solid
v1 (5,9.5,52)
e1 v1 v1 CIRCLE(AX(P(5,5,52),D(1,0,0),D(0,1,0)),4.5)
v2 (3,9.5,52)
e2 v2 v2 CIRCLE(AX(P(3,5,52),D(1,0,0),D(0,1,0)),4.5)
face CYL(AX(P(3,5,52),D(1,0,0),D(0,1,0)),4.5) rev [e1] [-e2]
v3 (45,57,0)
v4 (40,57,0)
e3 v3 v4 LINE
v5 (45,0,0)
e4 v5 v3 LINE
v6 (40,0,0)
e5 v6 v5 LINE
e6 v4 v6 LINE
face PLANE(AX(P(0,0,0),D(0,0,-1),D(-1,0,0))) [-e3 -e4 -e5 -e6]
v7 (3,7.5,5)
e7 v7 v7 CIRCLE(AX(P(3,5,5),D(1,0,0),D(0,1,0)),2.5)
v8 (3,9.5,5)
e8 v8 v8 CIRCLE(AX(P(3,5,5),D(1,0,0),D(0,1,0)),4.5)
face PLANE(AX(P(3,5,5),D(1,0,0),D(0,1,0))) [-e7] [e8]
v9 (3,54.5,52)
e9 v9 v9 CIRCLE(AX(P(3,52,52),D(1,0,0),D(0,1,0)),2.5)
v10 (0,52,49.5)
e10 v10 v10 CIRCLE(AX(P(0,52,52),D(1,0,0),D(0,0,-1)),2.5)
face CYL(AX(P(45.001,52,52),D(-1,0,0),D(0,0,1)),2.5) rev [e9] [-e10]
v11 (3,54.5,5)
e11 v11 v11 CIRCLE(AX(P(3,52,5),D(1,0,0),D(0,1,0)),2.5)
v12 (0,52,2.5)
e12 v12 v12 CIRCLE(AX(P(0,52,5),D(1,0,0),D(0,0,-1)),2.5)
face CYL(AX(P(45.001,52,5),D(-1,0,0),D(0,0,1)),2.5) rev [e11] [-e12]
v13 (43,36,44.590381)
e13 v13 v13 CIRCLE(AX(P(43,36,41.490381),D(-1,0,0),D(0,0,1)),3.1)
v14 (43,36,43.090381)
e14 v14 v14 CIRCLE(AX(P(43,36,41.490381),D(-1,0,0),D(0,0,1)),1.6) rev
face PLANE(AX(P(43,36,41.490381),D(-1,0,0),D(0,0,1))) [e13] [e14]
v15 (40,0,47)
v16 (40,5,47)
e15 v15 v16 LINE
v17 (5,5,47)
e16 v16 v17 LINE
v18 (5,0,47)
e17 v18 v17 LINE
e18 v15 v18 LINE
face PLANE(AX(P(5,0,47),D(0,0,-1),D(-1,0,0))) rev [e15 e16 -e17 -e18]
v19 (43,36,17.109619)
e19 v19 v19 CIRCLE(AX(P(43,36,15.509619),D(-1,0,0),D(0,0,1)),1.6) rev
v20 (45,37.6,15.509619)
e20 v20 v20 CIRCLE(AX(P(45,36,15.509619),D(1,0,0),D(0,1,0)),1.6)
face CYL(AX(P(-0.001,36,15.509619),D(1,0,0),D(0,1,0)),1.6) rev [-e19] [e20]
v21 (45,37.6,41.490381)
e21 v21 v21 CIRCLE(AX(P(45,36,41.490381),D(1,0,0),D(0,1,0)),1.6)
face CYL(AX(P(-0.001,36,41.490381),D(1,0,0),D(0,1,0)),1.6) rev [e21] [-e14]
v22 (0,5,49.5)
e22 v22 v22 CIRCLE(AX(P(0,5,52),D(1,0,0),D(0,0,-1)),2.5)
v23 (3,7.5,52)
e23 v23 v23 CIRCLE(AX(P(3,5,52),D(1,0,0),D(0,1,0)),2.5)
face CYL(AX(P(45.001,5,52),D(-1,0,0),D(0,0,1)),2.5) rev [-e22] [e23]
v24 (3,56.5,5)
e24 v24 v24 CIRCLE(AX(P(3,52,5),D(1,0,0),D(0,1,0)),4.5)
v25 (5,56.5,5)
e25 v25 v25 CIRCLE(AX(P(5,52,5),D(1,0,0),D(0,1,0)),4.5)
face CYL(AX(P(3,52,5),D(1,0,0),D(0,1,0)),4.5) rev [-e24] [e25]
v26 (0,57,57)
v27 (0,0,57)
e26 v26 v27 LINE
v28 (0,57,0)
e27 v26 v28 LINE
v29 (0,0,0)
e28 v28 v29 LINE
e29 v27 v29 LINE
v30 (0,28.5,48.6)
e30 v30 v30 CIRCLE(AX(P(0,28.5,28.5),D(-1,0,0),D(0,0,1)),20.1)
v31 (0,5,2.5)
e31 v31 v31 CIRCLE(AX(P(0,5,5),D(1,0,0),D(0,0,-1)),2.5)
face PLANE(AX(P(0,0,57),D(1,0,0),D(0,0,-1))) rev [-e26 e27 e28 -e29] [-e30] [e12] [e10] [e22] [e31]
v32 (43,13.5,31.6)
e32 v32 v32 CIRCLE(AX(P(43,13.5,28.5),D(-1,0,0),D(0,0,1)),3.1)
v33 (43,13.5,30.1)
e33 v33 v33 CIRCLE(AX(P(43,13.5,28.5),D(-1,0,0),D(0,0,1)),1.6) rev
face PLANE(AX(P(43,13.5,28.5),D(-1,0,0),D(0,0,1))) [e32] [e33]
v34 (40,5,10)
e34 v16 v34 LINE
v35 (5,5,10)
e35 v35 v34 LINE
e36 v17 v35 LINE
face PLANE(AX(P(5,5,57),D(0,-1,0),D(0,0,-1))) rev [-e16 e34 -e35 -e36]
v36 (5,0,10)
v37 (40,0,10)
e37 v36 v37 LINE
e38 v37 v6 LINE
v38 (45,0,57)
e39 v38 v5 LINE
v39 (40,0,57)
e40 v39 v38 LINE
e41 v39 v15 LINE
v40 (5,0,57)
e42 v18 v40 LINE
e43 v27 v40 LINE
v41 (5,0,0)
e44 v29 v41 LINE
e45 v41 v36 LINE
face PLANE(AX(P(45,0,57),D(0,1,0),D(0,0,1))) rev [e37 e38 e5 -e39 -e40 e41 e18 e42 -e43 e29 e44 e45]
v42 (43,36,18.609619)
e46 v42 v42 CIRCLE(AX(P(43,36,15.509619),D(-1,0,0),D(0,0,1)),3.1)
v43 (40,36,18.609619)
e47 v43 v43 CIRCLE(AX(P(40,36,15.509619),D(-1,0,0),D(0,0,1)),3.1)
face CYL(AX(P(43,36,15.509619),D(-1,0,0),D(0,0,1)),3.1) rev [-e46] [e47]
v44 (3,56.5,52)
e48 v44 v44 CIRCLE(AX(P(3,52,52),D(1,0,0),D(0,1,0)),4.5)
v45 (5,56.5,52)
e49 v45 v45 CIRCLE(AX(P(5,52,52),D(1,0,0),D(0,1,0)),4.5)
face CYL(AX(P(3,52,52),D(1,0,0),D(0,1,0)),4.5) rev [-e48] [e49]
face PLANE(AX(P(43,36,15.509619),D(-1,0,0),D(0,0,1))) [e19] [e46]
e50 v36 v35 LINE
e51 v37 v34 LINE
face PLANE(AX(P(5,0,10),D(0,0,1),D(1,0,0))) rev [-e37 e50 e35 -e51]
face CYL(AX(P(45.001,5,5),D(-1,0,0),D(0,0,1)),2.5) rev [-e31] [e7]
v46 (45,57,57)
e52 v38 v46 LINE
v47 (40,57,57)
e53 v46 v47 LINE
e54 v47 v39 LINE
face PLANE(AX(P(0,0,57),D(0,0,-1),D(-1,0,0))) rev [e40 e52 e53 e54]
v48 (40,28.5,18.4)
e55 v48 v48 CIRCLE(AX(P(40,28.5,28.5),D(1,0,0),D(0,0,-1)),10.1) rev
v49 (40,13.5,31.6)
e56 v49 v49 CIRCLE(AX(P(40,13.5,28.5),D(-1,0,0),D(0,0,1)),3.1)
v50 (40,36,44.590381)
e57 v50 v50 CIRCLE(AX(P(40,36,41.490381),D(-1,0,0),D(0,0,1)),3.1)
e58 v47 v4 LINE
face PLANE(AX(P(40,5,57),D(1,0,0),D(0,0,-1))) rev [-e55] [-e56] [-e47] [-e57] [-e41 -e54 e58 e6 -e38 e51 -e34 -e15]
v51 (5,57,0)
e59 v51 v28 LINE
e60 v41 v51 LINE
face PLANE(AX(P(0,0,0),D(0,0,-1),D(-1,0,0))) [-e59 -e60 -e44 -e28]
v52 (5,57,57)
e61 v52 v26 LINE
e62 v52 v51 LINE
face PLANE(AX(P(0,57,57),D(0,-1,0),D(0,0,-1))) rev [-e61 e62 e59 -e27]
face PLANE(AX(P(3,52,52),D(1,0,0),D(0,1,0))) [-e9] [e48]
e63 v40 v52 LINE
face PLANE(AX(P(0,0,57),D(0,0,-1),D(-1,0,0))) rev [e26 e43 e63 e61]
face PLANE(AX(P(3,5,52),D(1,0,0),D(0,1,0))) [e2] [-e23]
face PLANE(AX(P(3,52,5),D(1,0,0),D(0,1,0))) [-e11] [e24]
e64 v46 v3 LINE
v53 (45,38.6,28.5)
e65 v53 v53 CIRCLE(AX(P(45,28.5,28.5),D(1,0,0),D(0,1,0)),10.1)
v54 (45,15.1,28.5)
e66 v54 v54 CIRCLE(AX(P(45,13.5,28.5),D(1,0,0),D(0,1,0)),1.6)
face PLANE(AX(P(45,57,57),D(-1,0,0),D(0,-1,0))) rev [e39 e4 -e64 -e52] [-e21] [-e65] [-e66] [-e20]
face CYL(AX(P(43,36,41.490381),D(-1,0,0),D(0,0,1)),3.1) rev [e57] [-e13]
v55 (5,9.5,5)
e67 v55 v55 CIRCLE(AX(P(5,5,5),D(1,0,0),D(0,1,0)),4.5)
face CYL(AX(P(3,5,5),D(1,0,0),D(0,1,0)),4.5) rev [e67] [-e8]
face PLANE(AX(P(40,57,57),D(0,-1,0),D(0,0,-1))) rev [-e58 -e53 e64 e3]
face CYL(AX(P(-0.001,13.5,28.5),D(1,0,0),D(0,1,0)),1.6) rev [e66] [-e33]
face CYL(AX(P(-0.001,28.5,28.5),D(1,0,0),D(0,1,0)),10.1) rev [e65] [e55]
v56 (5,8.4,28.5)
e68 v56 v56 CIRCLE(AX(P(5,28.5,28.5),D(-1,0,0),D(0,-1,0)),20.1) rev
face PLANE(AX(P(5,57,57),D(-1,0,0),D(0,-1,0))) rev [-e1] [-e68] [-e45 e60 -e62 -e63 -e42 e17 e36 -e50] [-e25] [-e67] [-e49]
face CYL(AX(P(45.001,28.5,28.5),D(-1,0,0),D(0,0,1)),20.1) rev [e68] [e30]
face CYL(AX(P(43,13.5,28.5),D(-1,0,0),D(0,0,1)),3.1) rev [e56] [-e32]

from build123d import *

# Parameters (mm, degrees)
EXTRUDE_1_DEPTH      = 57
SKETCH_2_W           = 35
SKETCH_2_H           = 10
CUT_EXTRUDE_1_DEPTH  = 90.319650693
CUT_EXTRUDE_2_REACH  = 94.32
SKETCH_3_R           = 20.1
SKETCH_4_R           = 4.5
CUT_EXTRUDE_6_DEPTH  = 2
CUT_EXTRUDE_7_REACH  = 94.32
SKETCH_5_R           = 2.5
CUT_EXTRUDE_8_REACH  = 94.32
SKETCH_9_R           = 10.1
CUT_EXTRUDE_9_REACH  = 94.32
SKETCH_1786_R        = 1.6
SKETCH_12_R          = 3.1
CUT_EXTRUDE_10_DEPTH = 3


with BuildPart() as part:
    # 草图1 → 凸台-拉伸1 (new body)
    with BuildSketch(Plane.XY):
        Polygon((0, 0), (0, 57), (5, 57), (5, 5), (40, 5), (40, 57), (45, 57), (45, 0), align=None)
    extrude(amount=EXTRUDE_1_DEPTH)

    # 草图2 → 切除-拉伸1 (cut, through all)
    with BuildSketch(Plane(origin=(0, 5, 0), x_dir=(1, 0, 0), z_dir=(0, 1, 0))):
        with Locations((22.5, -52)):
            Rectangle(SKETCH_2_W, SKETCH_2_H)
        with Locations((22.5, -5)):
            Rectangle(SKETCH_2_W, SKETCH_2_H)
    extrude(amount=-CUT_EXTRUDE_1_DEPTH, mode=Mode.SUBTRACT)

    # 草图3 → 切除-拉伸2 (cut, up to next)
    with BuildSketch(Plane.ZY, mode=Mode.PRIVATE) as cut_extrude_2_sk1:
        with Locations((28.5, 28.5)):
            Circle(SKETCH_3_R)
    cut_extrude_2_tool1 = extrude(cut_extrude_2_sk1.sketch, amount=-CUT_EXTRUDE_2_REACH, mode=Mode.PRIVATE) & part.part
    add(cut_extrude_2_tool1.solids().sort_by_distance((0, 28.5, 28.5))[0], mode=Mode.SUBTRACT)

    # 草图4 → 切除-拉伸6 (cut)
    with BuildSketch(Plane(origin=(5, 0, 0), x_dir=(0, 0, -1), z_dir=(1, 0, 0))):
        with Locations(Location((-52, 52, 0), (0, 0, 90))):
            Circle(SKETCH_4_R)
        with Locations(Location((-5, 52, 0), (0, 0, 90))):
            Circle(SKETCH_4_R)
        with Locations(Location((-5, 5, 0), (0, 0, 90))):
            Circle(SKETCH_4_R)
        with Locations(Location((-52, 5, 0), (0, 0, 90))):
            Circle(SKETCH_4_R)
    extrude(amount=-CUT_EXTRUDE_6_DEPTH, mode=Mode.SUBTRACT)

    # 草图5 → 切除-拉伸7 (cut, up to next)
    with BuildSketch(Plane(origin=(0, 0, 0), x_dir=(0, 0, -1), z_dir=(1, 0, 0)), mode=Mode.PRIVATE) as cut_extrude_7_sk1:
        with Locations(Location((-52, 52, 0), (0, 0, 90))):
            Circle(SKETCH_5_R)
    cut_extrude_7_tool1 = extrude(cut_extrude_7_sk1.sketch, amount=CUT_EXTRUDE_7_REACH, mode=Mode.PRIVATE) & part.part
    # 草图5 → 切除-拉伸7 (cut, up to next)
    with BuildSketch(Plane(origin=(0, 0, 0), x_dir=(0, 0, -1), z_dir=(1, 0, 0)), mode=Mode.PRIVATE) as cut_extrude_7_sk2:
        with Locations(Location((-5, 52, 0), (0, 0, 90))):
            Circle(SKETCH_5_R)
    cut_extrude_7_tool2 = extrude(cut_extrude_7_sk2.sketch, amount=CUT_EXTRUDE_7_REACH, mode=Mode.PRIVATE) & part.part
    # 草图5 → 切除-拉伸7 (cut, up to next)
    with BuildSketch(Plane(origin=(0, 0, 0), x_dir=(0, 0, -1), z_dir=(1, 0, 0)), mode=Mode.PRIVATE) as cut_extrude_7_sk3:
        with Locations(Location((-5, 5, 0), (0, 0, 90))):
            Circle(SKETCH_5_R)
    cut_extrude_7_tool3 = extrude(cut_extrude_7_sk3.sketch, amount=CUT_EXTRUDE_7_REACH, mode=Mode.PRIVATE) & part.part
    # 草图5 → 切除-拉伸7 (cut, up to next)
    with BuildSketch(Plane(origin=(0, 0, 0), x_dir=(0, 0, -1), z_dir=(1, 0, 0)), mode=Mode.PRIVATE) as cut_extrude_7_sk4:
        with Locations(Location((-52, 5, 0), (0, 0, 90))):
            Circle(SKETCH_5_R)
    cut_extrude_7_tool4 = extrude(cut_extrude_7_sk4.sketch, amount=CUT_EXTRUDE_7_REACH, mode=Mode.PRIVATE) & part.part
    add(cut_extrude_7_tool1.solids().sort_by_distance((0, 52, 52))[0], mode=Mode.SUBTRACT)
    add(cut_extrude_7_tool2.solids().sort_by_distance((0, 52, 5))[0], mode=Mode.SUBTRACT)
    add(cut_extrude_7_tool3.solids().sort_by_distance((0, 5, 5))[0], mode=Mode.SUBTRACT)
    add(cut_extrude_7_tool4.solids().sort_by_distance((0, 5, 52))[0], mode=Mode.SUBTRACT)

    # 草图9 → 切除-拉伸8 (cut, up to next)
    with BuildSketch(Plane(origin=(45, 0, 0), x_dir=(0, 0, -1), z_dir=(1, 0, 0)), mode=Mode.PRIVATE) as cut_extrude_8_sk1:
        with Locations(Location((-28.5, 28.5, 0), (0, 0, 90))):
            Circle(SKETCH_9_R)
    cut_extrude_8_tool1 = extrude(cut_extrude_8_sk1.sketch, amount=-CUT_EXTRUDE_8_REACH, mode=Mode.PRIVATE) & part.part
    add(cut_extrude_8_tool1.solids().sort_by_distance((45, 28.5, 28.5))[0], mode=Mode.SUBTRACT)

    # Sketch 1786 → 切除-拉伸9 (cut, up to next)
    with BuildSketch(Plane(origin=(45, 0, 0), x_dir=(0, 0, -1), z_dir=(1, 0, 0)), mode=Mode.PRIVATE) as cut_extrude_9_sk1:
        with Locations(Location((-28.5, 13.5, 0), (0, 0, 90))):
            Circle(SKETCH_1786_R)
    cut_extrude_9_tool1 = extrude(cut_extrude_9_sk1.sketch, amount=-CUT_EXTRUDE_9_REACH, mode=Mode.PRIVATE) & part.part
    # Sketch 1786 → 切除-拉伸9 (cut, up to next)
    with BuildSketch(Plane(origin=(45, 0, 0), x_dir=(0, 0, -1), z_dir=(1, 0, 0)), mode=Mode.PRIVATE) as cut_extrude_9_sk2:
        with Locations(Location((-41.490381057, 36, 0), (0, 0, 90))):
            Circle(SKETCH_1786_R)
    cut_extrude_9_tool2 = extrude(cut_extrude_9_sk2.sketch, amount=-CUT_EXTRUDE_9_REACH, mode=Mode.PRIVATE) & part.part
    # Sketch 1786 → 切除-拉伸9 (cut, up to next)
    with BuildSketch(Plane(origin=(45, 0, 0), x_dir=(0, 0, -1), z_dir=(1, 0, 0)), mode=Mode.PRIVATE) as cut_extrude_9_sk3:
        with Locations(Location((-15.509618943, 36, 0), (0, 0, 90))):
            Circle(SKETCH_1786_R)
    cut_extrude_9_tool3 = extrude(cut_extrude_9_sk3.sketch, amount=-CUT_EXTRUDE_9_REACH, mode=Mode.PRIVATE) & part.part
    add(cut_extrude_9_tool1.solids().sort_by_distance((45, 13.5, 28.5))[0], mode=Mode.SUBTRACT)
    add(cut_extrude_9_tool2.solids().sort_by_distance((45, 36, 41.490381))[0], mode=Mode.SUBTRACT)
    add(cut_extrude_9_tool3.solids().sort_by_distance((45, 36, 15.509619))[0], mode=Mode.SUBTRACT)

    # 草图12 → 切除-拉伸10 (cut)
    with BuildSketch(Plane.ZY.offset(-40)):
        with Locations((28.5, 13.5)):
            Circle(SKETCH_12_R)
        with Locations((15.509618943, 36)):
            Circle(SKETCH_12_R)
        with Locations((41.490381057, 36)):
            Circle(SKETCH_12_R)
    extrude(amount=-CUT_EXTRUDE_10_DEPTH, mode=Mode.SUBTRACT)


solid = part.part
